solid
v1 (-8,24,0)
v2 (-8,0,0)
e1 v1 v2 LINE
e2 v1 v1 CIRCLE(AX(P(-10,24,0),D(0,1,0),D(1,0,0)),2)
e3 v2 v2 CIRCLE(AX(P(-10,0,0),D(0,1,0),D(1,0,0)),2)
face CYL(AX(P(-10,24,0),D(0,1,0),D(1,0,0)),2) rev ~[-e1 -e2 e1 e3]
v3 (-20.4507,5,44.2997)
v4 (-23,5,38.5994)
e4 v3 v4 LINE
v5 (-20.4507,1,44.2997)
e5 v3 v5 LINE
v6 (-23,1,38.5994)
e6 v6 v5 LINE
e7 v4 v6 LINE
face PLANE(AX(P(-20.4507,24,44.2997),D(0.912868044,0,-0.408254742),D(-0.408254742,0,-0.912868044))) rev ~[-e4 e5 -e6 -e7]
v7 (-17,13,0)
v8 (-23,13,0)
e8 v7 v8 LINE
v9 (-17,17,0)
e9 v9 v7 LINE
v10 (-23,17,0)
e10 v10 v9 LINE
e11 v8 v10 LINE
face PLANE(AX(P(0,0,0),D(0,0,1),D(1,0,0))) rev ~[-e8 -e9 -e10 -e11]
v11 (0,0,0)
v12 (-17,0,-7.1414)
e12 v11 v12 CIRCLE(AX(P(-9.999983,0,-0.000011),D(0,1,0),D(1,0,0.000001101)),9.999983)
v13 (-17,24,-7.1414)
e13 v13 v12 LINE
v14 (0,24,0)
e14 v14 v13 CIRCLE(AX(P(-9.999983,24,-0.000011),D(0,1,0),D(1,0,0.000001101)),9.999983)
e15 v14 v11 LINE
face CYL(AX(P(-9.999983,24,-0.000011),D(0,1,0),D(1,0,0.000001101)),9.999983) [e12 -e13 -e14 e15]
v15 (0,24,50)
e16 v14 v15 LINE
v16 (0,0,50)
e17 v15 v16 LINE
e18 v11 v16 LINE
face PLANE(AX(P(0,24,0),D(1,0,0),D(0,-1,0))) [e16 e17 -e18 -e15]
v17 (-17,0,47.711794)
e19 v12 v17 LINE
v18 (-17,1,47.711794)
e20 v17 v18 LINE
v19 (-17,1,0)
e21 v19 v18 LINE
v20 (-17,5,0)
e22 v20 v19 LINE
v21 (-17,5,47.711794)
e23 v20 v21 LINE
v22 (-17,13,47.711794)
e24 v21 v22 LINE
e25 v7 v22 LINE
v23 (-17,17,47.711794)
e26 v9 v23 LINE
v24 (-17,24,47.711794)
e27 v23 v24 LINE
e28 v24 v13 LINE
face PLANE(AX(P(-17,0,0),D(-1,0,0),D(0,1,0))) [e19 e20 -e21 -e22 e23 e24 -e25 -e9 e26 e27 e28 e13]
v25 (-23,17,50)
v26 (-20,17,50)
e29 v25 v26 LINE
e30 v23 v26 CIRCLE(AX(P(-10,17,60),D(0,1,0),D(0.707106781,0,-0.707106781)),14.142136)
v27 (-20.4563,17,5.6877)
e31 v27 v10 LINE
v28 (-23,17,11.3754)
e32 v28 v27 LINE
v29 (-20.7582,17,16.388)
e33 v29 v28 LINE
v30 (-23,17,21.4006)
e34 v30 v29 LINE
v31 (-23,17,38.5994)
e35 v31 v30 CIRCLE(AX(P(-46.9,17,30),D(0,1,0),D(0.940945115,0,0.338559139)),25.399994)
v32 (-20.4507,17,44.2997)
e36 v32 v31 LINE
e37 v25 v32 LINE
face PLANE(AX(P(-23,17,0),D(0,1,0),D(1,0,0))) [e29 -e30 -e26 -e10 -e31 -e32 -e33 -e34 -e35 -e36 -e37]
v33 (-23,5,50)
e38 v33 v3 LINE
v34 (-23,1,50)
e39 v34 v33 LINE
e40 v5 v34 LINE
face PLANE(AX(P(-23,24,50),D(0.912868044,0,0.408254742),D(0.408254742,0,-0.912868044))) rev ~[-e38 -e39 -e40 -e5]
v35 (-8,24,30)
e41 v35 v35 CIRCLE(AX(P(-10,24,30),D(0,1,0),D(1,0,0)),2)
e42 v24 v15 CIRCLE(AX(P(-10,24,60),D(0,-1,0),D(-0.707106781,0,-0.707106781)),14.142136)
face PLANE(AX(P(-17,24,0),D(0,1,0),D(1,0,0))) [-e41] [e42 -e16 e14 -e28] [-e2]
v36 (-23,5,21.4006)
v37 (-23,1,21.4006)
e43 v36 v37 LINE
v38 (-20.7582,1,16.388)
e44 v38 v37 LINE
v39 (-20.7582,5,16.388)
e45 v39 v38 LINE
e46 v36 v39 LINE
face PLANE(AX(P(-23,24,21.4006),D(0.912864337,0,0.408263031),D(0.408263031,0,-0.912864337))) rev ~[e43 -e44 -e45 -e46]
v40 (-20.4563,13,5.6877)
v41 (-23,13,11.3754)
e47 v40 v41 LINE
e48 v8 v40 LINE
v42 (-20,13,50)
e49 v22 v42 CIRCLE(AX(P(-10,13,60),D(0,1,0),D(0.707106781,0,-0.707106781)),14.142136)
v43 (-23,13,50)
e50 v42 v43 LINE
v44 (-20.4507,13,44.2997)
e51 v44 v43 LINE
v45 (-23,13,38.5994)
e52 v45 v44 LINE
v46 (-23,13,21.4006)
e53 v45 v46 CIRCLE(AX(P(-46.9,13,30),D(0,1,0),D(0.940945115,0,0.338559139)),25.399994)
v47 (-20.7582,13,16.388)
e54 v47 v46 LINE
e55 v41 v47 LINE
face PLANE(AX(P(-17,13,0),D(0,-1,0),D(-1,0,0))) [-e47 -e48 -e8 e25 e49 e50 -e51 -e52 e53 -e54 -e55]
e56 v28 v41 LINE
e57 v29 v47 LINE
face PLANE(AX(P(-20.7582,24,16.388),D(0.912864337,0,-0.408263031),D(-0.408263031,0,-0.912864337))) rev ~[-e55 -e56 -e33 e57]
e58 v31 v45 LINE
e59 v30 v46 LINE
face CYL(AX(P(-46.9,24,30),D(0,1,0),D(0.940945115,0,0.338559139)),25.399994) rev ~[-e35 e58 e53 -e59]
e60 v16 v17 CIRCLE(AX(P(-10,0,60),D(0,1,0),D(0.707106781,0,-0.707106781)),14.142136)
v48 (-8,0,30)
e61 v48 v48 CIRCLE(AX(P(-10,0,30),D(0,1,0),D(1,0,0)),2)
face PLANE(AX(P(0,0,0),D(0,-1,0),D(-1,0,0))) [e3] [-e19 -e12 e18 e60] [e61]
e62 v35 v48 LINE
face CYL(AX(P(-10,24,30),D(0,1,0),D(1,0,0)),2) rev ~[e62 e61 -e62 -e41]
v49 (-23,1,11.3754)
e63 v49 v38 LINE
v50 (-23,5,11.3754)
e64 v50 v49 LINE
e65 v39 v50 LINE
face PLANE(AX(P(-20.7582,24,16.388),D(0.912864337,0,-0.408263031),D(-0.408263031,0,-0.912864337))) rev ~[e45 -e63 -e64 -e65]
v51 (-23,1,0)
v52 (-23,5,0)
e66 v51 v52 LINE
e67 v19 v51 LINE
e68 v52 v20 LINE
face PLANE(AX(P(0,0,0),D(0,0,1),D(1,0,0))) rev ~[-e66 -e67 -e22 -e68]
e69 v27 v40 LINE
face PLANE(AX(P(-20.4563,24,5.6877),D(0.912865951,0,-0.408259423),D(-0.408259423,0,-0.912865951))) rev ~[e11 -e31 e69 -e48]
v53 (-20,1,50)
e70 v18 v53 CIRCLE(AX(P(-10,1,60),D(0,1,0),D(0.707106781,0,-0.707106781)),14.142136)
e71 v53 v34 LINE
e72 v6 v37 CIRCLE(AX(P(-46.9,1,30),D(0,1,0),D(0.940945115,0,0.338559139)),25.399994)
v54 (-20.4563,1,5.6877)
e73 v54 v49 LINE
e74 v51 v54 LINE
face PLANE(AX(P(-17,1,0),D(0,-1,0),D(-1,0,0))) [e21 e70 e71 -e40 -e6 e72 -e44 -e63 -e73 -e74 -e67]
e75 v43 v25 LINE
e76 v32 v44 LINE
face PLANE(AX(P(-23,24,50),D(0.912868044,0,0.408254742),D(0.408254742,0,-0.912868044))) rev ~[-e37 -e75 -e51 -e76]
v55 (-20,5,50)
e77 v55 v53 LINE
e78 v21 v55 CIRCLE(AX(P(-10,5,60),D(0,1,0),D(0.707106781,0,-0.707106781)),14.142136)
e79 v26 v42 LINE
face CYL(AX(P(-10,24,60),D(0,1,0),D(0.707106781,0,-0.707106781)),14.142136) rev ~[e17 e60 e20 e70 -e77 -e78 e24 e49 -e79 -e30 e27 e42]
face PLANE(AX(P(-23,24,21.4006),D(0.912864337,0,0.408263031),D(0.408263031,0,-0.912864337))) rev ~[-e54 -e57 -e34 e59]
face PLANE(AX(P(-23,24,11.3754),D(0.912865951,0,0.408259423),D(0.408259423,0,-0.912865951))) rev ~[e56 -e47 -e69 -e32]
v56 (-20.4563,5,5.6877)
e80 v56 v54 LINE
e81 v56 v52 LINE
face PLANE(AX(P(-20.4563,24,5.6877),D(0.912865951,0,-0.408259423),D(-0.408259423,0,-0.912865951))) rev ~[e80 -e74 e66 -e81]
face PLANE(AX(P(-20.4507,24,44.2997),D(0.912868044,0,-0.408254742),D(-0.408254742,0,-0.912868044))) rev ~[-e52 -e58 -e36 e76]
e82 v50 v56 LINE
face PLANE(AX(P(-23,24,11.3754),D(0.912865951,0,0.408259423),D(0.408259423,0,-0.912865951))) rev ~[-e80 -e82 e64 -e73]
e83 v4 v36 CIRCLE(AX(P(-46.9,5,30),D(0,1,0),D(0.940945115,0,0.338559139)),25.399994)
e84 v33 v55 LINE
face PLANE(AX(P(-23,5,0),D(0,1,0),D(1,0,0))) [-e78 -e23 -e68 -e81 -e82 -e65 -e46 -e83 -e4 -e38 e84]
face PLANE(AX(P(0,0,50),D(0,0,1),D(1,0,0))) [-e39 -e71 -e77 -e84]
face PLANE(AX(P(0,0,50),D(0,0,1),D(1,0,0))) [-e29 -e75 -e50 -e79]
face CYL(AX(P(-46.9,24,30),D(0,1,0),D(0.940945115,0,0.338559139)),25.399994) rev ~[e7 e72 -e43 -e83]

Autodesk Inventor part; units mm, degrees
ref_plane "YZ Plane" through (0, 0, 0) normal (1, 0, 0) x (0, 1, 0)
ref_plane "XZ Plane" through (0, 0, 0) normal (0, 1, 0) x (-1, 0, 0)
ref_plane "XY Plane" through (0, 0, 0) normal (0, 0, 1) x (1, 0, 0)
sketch "Sketch1" plane through (0, 0, 0) normal (0, 0, 1) x (1, 0, 0)
  line L0 (-17, 0) -> (-17, 1)
  line L1 (-17, 1) -> (-23, 1)
  line L2 (-23, 1) -> (-23, 5)
  line L3 (-23, 5) -> (-17, 5)
  line L4 (-17, 5) -> (-17, 13)
  line L5 (-17, 13) -> (-23, 13)
  line L6 (-23, 13) -> (-23, 17)
  line L7 (-23, 17) -> (-17, 17)
  line L8 (-17, 17) -> (-17, 24)
  line L9 (-17, 24) -> (0, 24)
  line L10 (0, 24) -> (0, 0)
  line L11 (0, 0) -> (-17, 0)
  dimension "d0" = 4
  dimension "d1" = 17
  dimension "d2" = 1
  dimension "d3" = 24
  dimension "d4" = 6
  dimension "d5" = 8
extrude "Extrusion1" add sketch "Sketch1" along normal blind 50
sketch "Sketch2" plane through (-17, 24, 0) normal (0, 1, 0) x (1, 0, 0)
  line L0 (17, 0) -> (0, 0) projected
  line L1 (0, 0) -> (0, -50) projected
  line L2 (0, 0) -> (17, 0) projected
  line L3 (0, 0) -> (0, 7.1414)
  line L4 (17, 0) -> (17, -50) projected
  line L5 (0, 0) -> (17, 0)
  arc A0 (17, 0) -> (0, 7.1414) centre (7, 0) ccw
  dimension "d9" = 10
extrude "Extrusion2" add sketch "Sketch2" against normal blind 24
sketch "Sketch3" plane through (-17, 24, 50) normal (0, 1, 0) x (1, 0, 0)
  arc A0 (17, 50) -> (0, 57.1414) centre (7, 50) ccw projected
  circle A1 centre (7, 50) radius 2
  circle A2 centre (7, 20) radius 2
  line L0 (0, 50) -> (0, 0) projected
  line L1 (7, 50) -> (7, -10) construction
  line L2 (17, 0) -> (0, 0) construction
  arc A3 (17, 0) -> (-3, 0) centre (7, -10) ccw
  line L3 (17, 50) -> (17, 0) construction
  line L4 (-3, 0) -> (17, 0)
  line L5 (-6, 50) -> (-6, 0) construction
  line L6 (-6, 11.4006) -> (-6, 28.5994)
  arc A4 (-6, 11.4006) -> (-6, 28.5994) centre (-29.9, 20) ccw
  line L7 (7, 20) -> (-4.5, 20) construction
  line L8 (-6, 0) -> (-3.4507, 5.7003)
  line L9 (-3.4507, 5.7003) -> (-6, 11.4006)
  line L10 (-6, 28.5994) -> (-3.7582, 33.612)
  line L11 (-3.7582, 33.612) -> (-6, 38.6246)
  line L12 (-6, 38.6246) -> (-3.4563, 44.3123)
  line L13 (-3.4563, 44.3123) -> (-6, 50)
  line L14 (-6, 0) -> (-6, 11.4006)
  line L15 (-6, 28.5994) -> (-6, 38.6246)
  line L16 (-6, 38.6246) -> (-6, 50)
  dimension "d12" = 4
  dimension "d13" = 60
  dimension "d14" = 11.5
  dimension "d15" = 25.4
extrude "Extrusion3" cut sketch "Sketch3" against normal through all
properties part number "clawGrip" material "Rubber"
